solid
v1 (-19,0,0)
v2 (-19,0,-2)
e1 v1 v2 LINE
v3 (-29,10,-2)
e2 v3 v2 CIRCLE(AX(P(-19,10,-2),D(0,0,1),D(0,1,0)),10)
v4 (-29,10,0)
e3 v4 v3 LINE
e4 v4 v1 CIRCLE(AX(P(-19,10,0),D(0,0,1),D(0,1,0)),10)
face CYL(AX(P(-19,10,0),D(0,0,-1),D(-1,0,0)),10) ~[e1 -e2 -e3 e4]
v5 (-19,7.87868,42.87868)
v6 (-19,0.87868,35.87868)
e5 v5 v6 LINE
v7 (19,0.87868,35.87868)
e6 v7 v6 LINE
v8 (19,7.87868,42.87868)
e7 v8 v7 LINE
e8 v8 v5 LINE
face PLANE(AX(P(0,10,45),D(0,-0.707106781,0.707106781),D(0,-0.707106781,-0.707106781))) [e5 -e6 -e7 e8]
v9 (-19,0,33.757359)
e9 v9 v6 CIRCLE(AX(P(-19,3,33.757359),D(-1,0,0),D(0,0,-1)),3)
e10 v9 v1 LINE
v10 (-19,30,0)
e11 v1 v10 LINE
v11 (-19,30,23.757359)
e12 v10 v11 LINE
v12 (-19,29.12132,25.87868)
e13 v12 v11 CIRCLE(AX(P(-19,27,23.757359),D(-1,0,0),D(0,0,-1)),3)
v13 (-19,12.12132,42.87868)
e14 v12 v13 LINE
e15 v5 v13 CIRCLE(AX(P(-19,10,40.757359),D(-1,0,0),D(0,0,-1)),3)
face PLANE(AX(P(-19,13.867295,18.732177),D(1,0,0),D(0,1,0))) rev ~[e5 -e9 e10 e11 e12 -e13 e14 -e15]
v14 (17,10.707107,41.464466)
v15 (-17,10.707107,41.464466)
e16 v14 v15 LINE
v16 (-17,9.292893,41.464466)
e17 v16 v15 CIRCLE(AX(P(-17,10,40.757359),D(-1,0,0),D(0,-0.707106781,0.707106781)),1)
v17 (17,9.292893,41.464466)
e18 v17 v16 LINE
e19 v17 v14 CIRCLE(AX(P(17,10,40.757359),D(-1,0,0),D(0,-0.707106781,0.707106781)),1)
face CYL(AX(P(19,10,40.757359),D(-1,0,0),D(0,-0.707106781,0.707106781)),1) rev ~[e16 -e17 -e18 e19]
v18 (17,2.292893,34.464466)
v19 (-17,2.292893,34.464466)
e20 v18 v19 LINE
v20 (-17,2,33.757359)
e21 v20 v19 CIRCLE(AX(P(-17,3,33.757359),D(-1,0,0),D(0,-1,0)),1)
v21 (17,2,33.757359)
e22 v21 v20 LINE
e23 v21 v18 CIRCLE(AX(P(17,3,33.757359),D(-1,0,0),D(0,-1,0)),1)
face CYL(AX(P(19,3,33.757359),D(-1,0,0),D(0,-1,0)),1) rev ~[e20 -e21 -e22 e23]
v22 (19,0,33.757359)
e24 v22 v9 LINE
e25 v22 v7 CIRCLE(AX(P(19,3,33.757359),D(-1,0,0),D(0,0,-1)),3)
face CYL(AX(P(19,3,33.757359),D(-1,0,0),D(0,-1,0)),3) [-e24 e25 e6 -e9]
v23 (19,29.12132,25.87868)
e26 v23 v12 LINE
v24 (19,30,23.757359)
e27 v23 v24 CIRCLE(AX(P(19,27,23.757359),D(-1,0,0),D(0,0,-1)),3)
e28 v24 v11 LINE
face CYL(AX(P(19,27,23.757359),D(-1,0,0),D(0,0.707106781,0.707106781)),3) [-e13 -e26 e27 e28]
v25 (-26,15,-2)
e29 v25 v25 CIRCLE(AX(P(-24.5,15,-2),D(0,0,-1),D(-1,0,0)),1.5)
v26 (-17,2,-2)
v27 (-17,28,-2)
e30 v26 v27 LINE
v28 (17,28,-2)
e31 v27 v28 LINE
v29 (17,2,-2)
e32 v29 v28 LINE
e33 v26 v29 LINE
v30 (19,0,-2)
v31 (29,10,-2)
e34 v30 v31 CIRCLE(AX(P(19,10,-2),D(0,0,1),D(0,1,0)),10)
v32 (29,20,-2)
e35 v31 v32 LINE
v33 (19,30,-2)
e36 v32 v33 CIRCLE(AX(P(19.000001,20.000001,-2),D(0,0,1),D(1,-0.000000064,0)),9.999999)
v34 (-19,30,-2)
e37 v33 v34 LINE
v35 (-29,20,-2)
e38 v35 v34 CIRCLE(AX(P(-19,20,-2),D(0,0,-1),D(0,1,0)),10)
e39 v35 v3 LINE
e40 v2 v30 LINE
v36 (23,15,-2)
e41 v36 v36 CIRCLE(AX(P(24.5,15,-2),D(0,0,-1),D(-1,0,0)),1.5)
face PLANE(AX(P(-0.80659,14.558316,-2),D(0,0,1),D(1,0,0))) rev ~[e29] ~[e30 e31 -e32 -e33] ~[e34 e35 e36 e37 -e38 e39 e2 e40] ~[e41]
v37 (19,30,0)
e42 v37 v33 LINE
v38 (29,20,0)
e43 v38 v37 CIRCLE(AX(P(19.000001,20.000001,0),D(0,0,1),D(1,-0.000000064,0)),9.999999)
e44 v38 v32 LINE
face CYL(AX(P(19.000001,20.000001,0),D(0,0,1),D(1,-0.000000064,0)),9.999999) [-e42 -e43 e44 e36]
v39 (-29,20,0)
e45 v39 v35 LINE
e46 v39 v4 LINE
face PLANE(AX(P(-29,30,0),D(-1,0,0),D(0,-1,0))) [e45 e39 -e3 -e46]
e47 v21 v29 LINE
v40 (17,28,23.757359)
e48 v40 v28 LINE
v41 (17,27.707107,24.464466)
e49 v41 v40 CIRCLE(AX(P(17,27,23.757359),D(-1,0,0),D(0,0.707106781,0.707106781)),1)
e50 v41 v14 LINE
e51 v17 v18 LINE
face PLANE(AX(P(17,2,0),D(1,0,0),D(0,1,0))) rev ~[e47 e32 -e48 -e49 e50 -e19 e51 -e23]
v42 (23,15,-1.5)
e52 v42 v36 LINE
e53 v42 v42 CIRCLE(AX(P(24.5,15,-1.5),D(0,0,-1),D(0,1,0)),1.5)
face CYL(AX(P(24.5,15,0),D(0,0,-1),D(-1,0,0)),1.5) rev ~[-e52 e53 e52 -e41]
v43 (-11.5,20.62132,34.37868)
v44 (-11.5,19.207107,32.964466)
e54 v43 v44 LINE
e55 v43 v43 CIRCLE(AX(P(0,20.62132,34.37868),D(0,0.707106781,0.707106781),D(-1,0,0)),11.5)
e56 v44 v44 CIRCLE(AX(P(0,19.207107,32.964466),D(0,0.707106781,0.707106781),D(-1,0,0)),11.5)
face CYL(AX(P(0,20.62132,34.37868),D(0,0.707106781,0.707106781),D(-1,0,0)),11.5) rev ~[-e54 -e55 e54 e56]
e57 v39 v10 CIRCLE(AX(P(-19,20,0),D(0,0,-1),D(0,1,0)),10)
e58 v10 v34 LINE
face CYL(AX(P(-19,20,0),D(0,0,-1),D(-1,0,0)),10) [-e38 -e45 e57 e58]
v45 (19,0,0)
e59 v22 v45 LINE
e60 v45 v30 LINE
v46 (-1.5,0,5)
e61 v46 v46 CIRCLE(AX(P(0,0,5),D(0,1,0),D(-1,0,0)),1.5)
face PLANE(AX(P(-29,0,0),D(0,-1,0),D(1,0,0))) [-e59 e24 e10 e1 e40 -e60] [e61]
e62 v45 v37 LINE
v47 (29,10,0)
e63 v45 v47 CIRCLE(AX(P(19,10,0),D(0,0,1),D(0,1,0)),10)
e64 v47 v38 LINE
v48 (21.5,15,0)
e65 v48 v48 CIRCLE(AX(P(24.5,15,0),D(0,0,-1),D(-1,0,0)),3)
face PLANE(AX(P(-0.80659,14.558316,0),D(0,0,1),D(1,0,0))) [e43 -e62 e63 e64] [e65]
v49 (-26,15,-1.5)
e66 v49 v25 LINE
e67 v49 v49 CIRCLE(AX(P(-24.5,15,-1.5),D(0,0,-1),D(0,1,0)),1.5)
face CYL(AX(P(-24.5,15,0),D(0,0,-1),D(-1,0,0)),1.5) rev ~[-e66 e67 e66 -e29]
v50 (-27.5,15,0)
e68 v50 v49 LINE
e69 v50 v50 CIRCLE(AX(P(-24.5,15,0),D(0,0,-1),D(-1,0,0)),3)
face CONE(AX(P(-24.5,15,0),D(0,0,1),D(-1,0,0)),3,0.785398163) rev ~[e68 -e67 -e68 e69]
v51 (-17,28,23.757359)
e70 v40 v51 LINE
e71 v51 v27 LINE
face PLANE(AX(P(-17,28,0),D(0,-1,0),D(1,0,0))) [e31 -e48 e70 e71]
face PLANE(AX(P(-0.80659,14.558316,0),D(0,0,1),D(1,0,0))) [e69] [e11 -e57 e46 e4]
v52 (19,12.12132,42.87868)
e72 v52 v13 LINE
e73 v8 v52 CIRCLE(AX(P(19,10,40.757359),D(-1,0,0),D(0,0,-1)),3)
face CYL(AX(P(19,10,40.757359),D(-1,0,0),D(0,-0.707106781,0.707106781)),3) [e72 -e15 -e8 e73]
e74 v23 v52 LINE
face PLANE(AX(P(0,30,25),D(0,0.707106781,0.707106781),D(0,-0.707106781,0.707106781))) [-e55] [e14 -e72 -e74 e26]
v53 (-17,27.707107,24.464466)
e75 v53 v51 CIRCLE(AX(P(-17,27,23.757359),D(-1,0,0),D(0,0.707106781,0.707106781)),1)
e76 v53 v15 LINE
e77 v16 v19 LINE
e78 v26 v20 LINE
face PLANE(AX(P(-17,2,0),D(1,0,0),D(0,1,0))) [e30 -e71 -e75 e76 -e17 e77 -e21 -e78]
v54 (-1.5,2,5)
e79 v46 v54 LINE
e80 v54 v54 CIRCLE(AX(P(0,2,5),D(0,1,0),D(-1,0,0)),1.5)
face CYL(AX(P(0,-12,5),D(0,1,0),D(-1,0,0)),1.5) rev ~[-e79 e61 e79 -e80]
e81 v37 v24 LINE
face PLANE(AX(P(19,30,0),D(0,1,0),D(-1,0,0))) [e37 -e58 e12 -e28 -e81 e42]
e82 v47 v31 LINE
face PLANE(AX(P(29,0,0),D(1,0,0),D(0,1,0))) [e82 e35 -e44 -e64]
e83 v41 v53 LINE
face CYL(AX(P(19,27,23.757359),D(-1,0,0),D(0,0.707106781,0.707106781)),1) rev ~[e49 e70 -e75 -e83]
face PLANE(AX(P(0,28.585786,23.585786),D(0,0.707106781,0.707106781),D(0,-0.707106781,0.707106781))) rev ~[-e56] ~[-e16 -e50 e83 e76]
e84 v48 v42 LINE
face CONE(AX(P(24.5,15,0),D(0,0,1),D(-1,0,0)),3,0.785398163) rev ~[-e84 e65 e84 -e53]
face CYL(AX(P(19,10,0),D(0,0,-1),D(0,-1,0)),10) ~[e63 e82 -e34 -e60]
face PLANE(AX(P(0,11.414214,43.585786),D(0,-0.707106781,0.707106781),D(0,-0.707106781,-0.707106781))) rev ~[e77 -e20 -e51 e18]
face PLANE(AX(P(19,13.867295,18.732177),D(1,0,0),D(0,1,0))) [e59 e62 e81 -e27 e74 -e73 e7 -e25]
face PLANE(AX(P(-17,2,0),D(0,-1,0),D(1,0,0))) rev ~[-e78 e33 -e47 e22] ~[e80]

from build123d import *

# Parameters (mm, degrees)
F1_DEPTH       = 19
F1_DEPTH_BACK  = 19
F2_R           = 3
F3_T           = -2
F4_W           = 34
F4_H           = 26
F5_DEPTH       = 2
F6_R           = 11.5
F7_DEPTH       = 2
F9_D           = 3
F9_CSINK_D     = 6
F9_CSINK_ANGLE = 90
F11_D          = 3
F11_DEPTH      = 12
F12_R          = 10
F13_R          = 10
F14_R          = 10


with BuildPart() as f1:
    # F0 (on Right) → F1 (new body, two sides)
    with BuildSketch(Plane.YZ) as f1_sk:
        Polygon((0, 35), (0, 0), (30, 0), (30, 25), (10, 45), align=None)
    extrude(amount=F1_DEPTH)
    extrude(f1_sk.sketch, amount=-F1_DEPTH_BACK)

    # F2
    f2_edges = [f1.edges().sort_by_distance(p)[0] for p in [
        (0, 10, 45),
        (0, 0, 35),
        (0, 30, 25),
    ]]
    fillet(f2_edges, radius=F2_R)

    # F3
    f3_openings = [f1.faces().sort_by_distance(p)[0] for p in [
        (0, 15, 0),
    ]]
    offset(amount=F3_T, openings=f3_openings)

    # F4 (on Top) → F5 (join)
    with BuildSketch(Plane.XY):
        with BuildLine():
            Line((-29, 0), (29, 0))
            Line((29, 0), (29, 20))
            ThreePointArc((29, 20), (26.071068, 27.071068), (19, 30))
            Line((19, 30), (-17, 30))
            Line((-17, 30), (-29, 30))
            Line((-29, 30), (-29, 0))
        make_face()
        with Locations((0, 15)):
            Rectangle(F4_W, F4_H, mode=Mode.SUBTRACT)
    extrude(amount=-F5_DEPTH)

    # F6 (on face) → F7 (cut, through all)
    with BuildSketch(Plane(origin=(0, 27.5, 27.5), x_dir=(-1, 0, 0), z_dir=(0, 0.707107, 0.707107))):
        with Locations((0, 9.727922)):
            Circle(F6_R)
    extrude(amount=-F7_DEPTH, mode=Mode.SUBTRACT)

    # F9 (through all)
    with Locations(Plane.XY):
        with Locations((24.5, 15), (-24.5, 15)):
            CounterSinkHole(F9_D / 2, F9_CSINK_D / 2, counter_sink_angle=F9_CSINK_ANGLE)

    # F11
    with Locations(Plane.XZ):
        with Locations((0, 5)):
            Hole(F11_D / 2, depth=F11_DEPTH)

    # F12
    f12_edges = [f1.edges().sort_by_distance(p)[0] for p in [
        (29, 0, -1),
    ]]
    fillet(f12_edges, radius=F12_R)

    # F13
    f13_edges = [f1.edges().sort_by_distance(p)[0] for p in [
        (-29, 30, -1),
    ]]
    fillet(f13_edges, radius=F13_R)

    # F14
    f14_edges = [f1.edges().sort_by_distance(p)[0] for p in [
        (-29, 0, -1),
    ]]
    fillet(f14_edges, radius=F14_R)


solid = f1.part
